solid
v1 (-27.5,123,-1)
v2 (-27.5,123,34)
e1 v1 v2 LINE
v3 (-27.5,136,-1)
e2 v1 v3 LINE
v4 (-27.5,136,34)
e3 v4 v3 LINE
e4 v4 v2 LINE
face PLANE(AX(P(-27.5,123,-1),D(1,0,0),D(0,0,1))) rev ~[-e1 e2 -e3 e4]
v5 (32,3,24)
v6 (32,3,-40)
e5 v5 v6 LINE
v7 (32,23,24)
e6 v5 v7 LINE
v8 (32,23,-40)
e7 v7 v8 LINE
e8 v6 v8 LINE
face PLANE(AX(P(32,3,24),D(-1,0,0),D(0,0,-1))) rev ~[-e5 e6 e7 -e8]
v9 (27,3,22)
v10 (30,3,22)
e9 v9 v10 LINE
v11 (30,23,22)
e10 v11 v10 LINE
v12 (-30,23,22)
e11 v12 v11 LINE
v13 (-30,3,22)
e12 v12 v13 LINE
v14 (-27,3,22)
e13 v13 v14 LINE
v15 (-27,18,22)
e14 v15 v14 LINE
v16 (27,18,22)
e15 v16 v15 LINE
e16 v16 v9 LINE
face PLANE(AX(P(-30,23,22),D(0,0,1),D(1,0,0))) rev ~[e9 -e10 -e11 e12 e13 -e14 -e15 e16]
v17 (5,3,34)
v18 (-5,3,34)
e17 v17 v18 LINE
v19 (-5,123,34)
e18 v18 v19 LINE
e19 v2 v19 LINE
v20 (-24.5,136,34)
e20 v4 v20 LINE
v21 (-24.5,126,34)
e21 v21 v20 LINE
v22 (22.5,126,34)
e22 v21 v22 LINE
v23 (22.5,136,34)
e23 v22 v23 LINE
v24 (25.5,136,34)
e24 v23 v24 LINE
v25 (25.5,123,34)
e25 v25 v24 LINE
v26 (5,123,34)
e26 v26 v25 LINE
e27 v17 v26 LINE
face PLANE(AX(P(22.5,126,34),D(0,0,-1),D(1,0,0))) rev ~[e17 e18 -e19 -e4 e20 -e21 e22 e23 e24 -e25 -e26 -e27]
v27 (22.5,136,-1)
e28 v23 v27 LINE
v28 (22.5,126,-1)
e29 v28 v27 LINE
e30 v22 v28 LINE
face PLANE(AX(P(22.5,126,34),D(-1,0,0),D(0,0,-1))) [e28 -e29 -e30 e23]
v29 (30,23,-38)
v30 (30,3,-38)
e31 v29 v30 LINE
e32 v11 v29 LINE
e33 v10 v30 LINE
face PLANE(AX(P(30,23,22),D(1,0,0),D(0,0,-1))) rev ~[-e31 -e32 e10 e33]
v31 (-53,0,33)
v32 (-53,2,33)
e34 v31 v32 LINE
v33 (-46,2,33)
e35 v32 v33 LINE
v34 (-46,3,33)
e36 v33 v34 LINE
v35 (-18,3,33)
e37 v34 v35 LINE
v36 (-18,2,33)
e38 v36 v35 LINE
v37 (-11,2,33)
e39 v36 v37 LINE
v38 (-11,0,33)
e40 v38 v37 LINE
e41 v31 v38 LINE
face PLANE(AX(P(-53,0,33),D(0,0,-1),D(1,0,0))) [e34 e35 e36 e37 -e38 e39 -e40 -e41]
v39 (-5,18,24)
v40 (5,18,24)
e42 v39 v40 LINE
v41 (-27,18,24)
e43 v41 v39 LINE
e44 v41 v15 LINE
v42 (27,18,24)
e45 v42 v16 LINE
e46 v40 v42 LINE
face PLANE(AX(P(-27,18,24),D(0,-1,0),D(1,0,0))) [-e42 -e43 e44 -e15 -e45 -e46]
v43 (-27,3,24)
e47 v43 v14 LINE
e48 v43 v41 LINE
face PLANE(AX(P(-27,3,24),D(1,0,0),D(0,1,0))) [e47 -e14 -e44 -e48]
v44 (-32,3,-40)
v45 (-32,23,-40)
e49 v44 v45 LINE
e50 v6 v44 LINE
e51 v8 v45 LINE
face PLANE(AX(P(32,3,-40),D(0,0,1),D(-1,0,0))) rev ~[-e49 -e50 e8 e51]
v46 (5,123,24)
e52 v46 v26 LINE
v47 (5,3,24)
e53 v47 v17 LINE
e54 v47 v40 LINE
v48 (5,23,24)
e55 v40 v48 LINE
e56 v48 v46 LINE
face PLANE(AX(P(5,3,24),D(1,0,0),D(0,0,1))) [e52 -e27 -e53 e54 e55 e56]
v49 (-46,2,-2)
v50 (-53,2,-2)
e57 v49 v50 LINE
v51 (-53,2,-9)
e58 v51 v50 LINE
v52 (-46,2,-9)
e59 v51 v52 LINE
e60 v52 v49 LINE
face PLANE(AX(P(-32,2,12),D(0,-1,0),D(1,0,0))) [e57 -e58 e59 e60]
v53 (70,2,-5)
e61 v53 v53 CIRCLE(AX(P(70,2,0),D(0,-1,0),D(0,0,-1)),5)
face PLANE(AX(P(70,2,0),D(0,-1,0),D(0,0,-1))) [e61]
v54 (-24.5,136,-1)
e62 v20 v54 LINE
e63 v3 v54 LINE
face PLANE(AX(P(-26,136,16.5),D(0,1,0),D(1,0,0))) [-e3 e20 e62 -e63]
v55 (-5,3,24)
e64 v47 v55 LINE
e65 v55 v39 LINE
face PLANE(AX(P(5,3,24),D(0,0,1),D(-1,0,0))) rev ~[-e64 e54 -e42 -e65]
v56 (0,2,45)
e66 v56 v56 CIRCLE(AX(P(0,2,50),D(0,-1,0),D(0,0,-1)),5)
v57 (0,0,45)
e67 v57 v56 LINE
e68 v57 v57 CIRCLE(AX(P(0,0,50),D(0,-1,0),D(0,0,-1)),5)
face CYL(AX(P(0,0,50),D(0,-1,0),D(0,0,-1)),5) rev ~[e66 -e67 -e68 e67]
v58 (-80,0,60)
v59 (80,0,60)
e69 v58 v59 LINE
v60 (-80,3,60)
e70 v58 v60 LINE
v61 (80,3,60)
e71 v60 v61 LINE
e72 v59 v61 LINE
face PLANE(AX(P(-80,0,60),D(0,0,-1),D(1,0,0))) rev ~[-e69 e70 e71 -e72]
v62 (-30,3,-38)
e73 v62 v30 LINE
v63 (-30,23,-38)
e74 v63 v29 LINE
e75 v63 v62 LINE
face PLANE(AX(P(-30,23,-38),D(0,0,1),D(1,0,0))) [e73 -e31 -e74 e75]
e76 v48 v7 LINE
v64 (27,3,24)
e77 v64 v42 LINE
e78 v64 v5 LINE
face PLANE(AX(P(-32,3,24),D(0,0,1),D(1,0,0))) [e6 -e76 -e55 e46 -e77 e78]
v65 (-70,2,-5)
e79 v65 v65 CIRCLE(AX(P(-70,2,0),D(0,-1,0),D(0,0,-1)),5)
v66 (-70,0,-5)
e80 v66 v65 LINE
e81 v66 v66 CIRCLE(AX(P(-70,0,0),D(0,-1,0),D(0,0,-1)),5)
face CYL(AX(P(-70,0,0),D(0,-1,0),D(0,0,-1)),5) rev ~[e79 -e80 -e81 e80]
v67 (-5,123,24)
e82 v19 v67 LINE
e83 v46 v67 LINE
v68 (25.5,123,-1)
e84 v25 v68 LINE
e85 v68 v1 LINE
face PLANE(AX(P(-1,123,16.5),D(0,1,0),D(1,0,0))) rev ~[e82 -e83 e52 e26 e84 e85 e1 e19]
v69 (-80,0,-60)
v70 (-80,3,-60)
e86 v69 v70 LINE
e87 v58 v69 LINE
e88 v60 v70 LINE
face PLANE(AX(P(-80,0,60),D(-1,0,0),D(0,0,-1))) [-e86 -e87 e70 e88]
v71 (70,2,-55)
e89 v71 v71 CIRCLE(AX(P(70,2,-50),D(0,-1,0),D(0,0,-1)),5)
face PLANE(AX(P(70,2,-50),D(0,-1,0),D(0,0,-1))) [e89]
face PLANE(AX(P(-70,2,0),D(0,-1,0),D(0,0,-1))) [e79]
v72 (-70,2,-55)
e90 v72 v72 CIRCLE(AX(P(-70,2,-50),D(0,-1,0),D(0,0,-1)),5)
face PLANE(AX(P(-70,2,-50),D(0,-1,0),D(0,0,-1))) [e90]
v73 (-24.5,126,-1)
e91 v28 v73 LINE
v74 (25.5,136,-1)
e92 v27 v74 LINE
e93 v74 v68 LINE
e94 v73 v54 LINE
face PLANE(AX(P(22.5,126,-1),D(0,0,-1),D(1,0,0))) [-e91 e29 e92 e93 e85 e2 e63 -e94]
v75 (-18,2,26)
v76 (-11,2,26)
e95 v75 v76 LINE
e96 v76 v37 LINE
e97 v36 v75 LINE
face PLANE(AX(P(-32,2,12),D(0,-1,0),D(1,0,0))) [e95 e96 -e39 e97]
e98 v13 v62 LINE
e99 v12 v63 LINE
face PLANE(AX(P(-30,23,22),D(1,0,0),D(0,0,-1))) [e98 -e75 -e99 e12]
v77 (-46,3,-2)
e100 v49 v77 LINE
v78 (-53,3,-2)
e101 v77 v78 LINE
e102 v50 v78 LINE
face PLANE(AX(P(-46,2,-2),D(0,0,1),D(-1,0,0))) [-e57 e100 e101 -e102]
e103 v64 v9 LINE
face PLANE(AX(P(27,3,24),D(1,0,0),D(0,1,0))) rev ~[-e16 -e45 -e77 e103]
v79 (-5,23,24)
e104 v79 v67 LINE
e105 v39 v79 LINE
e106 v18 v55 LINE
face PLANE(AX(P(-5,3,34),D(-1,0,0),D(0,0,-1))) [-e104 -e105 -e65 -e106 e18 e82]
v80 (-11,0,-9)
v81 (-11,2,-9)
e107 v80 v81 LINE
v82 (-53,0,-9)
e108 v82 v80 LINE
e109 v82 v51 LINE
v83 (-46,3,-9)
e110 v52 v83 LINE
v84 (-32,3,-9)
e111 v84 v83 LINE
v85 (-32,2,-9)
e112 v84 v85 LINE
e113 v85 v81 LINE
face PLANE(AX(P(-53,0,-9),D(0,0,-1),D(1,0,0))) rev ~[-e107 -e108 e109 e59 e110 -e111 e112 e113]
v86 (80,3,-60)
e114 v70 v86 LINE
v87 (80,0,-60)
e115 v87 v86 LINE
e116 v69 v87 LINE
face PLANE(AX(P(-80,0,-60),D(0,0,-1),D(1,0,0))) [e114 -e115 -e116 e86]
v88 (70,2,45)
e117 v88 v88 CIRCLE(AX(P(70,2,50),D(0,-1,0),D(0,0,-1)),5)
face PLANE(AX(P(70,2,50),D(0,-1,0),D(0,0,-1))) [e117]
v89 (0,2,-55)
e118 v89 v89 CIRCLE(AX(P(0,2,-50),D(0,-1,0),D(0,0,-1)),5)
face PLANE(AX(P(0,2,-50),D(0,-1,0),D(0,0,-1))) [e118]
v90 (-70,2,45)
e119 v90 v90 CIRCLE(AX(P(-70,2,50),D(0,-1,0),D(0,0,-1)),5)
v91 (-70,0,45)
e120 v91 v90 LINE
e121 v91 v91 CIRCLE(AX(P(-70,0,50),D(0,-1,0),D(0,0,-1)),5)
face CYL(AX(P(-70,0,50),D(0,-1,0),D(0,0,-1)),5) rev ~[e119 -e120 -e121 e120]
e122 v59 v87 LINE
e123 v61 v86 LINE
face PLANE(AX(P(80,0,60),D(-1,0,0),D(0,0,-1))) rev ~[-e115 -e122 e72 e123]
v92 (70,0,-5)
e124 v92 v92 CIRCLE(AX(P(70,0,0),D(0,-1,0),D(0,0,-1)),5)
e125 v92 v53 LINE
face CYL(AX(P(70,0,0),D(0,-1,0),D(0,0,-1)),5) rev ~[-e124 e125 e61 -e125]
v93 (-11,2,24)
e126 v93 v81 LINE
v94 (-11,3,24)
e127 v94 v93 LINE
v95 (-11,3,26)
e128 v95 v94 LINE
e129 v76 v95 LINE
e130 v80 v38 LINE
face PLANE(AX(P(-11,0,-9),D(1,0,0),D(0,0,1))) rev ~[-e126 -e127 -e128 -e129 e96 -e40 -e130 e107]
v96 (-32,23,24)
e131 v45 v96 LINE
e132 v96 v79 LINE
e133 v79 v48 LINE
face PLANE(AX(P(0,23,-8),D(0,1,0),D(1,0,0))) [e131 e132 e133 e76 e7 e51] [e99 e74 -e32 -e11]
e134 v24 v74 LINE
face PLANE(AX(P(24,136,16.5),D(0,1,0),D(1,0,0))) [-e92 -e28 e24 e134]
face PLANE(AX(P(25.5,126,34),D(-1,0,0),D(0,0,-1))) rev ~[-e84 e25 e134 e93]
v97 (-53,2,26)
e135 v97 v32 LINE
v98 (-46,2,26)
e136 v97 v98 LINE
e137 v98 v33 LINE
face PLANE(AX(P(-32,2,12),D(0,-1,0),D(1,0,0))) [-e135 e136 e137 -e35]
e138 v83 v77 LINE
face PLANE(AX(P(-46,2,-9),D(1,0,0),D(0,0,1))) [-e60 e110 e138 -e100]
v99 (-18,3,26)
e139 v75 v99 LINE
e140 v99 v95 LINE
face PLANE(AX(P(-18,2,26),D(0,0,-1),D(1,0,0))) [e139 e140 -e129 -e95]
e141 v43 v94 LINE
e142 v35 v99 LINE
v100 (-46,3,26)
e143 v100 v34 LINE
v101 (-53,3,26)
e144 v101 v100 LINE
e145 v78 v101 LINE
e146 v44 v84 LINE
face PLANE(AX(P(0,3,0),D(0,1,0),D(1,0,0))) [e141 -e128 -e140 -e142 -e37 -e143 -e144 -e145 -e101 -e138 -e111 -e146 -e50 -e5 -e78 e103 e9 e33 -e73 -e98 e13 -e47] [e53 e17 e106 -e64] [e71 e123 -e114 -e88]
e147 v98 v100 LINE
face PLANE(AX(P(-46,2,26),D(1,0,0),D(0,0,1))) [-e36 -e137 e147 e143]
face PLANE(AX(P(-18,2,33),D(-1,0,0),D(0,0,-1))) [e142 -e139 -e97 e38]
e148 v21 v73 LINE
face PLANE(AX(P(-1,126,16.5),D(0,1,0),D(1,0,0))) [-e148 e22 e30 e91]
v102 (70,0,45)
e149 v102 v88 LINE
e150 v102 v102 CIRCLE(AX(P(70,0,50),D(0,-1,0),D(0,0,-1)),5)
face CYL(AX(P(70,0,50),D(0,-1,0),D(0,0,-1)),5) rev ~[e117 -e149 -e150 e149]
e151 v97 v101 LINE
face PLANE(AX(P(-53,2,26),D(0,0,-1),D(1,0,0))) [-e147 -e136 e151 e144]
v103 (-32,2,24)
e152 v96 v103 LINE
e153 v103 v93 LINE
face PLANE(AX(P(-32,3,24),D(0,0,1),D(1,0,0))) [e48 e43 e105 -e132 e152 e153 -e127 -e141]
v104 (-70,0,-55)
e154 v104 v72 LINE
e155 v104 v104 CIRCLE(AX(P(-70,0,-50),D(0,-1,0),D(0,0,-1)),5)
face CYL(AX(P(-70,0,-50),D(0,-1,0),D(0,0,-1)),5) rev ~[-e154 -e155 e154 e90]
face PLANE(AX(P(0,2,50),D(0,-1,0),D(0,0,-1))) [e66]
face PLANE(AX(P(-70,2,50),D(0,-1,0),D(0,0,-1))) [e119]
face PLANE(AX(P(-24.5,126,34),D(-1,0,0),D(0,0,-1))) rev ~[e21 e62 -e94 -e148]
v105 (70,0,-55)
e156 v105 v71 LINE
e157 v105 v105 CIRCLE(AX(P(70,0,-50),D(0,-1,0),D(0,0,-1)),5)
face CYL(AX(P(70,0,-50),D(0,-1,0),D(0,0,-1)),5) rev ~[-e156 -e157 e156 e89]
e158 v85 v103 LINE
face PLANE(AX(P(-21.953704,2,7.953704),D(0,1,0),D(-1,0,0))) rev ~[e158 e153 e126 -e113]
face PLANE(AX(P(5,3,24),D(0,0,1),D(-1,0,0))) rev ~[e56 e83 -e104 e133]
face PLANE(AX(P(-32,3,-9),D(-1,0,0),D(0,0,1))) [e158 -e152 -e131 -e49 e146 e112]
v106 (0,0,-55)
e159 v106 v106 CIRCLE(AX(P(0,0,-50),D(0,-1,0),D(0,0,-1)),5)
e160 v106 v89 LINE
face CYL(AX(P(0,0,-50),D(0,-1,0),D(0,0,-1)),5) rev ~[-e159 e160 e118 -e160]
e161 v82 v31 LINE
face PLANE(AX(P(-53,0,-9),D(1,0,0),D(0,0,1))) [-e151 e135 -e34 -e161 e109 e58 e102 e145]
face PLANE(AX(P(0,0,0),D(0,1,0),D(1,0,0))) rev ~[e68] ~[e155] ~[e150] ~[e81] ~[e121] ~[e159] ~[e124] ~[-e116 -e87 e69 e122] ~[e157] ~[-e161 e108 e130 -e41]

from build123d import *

# Parameters (mm, degrees)
SKETCH1_W           = 160
SKETCH1_H           = 120
BOSS_EXTRUDE1_DEPTH = 3
SKETCH2_R           = 5
CUT_EXTRUDE1_DEPTH  = 2
SKETCH3_W           = 42
SKETCH3_H           = 42
CUT_EXTRUDE2_DEPTH  = 2
CUT_EXTRUDE3_DEPTH  = 1
BOSS_EXTRUDE2_DEPTH = 20
BOSS_EXTRUDE3_DEPTH = 1
SKETCH7_W           = 60
SKETCH7_H           = 60
CUT_EXTRUDE4_DEPTH  = 20
CUT_EXTRUDE5_REACH  = 120.258
SKETCH8_W           = 54
SKETCH8_H           = 15
BOSS_EXTRUDE4_DEPTH = 120
BOSS_EXTRUDE5_DEPTH = 3
SKETCH11_W          = 3
SKETCH11_H          = 35
BOSS_EXTRUDE6_DEPTH = 10


with BuildPart() as part:
    # Sketch1 → Boss-Extrude1 (new body)
    with BuildSketch(Plane(origin=(0, 0, 0), x_dir=(1, 0, 0), z_dir=(0, 1, 0))):
        Rectangle(SKETCH1_W, SKETCH1_H)
    extrude(amount=BOSS_EXTRUDE1_DEPTH)

    # Sketch2 → Cut-Extrude1 (cut)
    with BuildSketch(Plane.XZ):
        with Locations(Location((-70, 50, 0), (0, 0, 270))):
            Circle(SKETCH2_R)
        with Locations(Location((0, 50, 0), (0, 0, 270))):
            Circle(SKETCH2_R)
        with Locations(Location((70, 50, 0), (0, 0, 270))):
            Circle(SKETCH2_R)
        with Locations(Location((-70, 0, 0), (0, 0, 270))):
            Circle(SKETCH2_R)
        with Locations(Location((70, 0, 0), (0, 0, 270))):
            Circle(SKETCH2_R)
        with Locations(Location((-70, -50, 0), (0, 0, 270))):
            Circle(SKETCH2_R)
        with Locations(Location((0, -50, 0), (0, 0, 270))):
            Circle(SKETCH2_R)
        with Locations(Location((70, -50, 0), (0, 0, 270))):
            Circle(SKETCH2_R)
    extrude(amount=-CUT_EXTRUDE1_DEPTH, mode=Mode.SUBTRACT)

    # Sketch3 → Cut-Extrude2 (cut)
    with BuildSketch(Plane.XZ):
        with Locations((-32, 12)):
            Rectangle(SKETCH3_W, SKETCH3_H)
    extrude(amount=-CUT_EXTRUDE2_DEPTH, mode=Mode.SUBTRACT)

    # Sketch4 → Cut-Extrude3 (cut)
    with BuildSketch(Plane.XZ.offset(-2)):
        Polygon((-46, 33), (-18, 33), (-18, 26), (-11, 26), (-11, -2), (-18, -2), (-18, -9), (-46, -9), (-46, -2), (-53, -2), (-53, 26), (-46, 26), align=None)
    extrude(amount=-CUT_EXTRUDE3_DEPTH, mode=Mode.SUBTRACT)

    # Sketch5 → Boss-Extrude2 (add)
    with BuildSketch(Plane(origin=(0, 3, 0), x_dir=(1, 0, 0), z_dir=(0, 1, 0))):
        Polygon((0, 40), (-32, 40), (-32, -24), (32, -24), (32, 40), align=None)
    extrude(amount=BOSS_EXTRUDE2_DEPTH)

    # Sketch6 → Boss-Extrude3 (add)
    with BuildSketch(Plane.XZ.offset(-3)):
        Polygon((-32, 24), (-11, 24), (-11, -2), (-18, -2), (-18, -9), (-32, -9), align=None)
    extrude(amount=BOSS_EXTRUDE3_DEPTH)

    # Sketch7 → Cut-Extrude4 (cut)
    with BuildSketch(Plane(origin=(0, 23, 0), x_dir=(1, 0, 0), z_dir=(0, 1, 0))):
        with Locations((0, 8)):
            Rectangle(SKETCH7_W, SKETCH7_H)
    extrude(amount=-CUT_EXTRUDE4_DEPTH, mode=Mode.SUBTRACT)

    # Sketch8 → Cut-Extrude5 (cut, up to next)
    with BuildSketch(Plane.XY.offset(24), mode=Mode.PRIVATE) as cut_extrude5_sk1:
        with Locations((0, 10.5)):
            Rectangle(SKETCH8_W, SKETCH8_H)
    cut_extrude5_tool1 = extrude(cut_extrude5_sk1.sketch, amount=-CUT_EXTRUDE5_REACH, mode=Mode.PRIVATE) & part.part
    add(cut_extrude5_tool1.solids().sort_by_distance((0, 10.5, 24))[0], mode=Mode.SUBTRACT)

    # Sketch9 → Boss-Extrude4 (add)
    with BuildSketch(Plane(origin=(0, 3, 0), x_dir=(1, 0, 0), z_dir=(0, 1, 0))):
        Polygon((0, -24), (5, -24), (5, -34), (-5, -34), (-5, -24), align=None)
    extrude(amount=BOSS_EXTRUDE4_DEPTH)

    # Sketch10 → Boss-Extrude5 (add)
    with BuildSketch(Plane(origin=(0, 123, 0), x_dir=(1, 0, 0), z_dir=(0, 1, 0))):
        Polygon((0, -34), (25.5, -34), (25.5, 1), (-27.5, 1), (-27.5, -34), align=None)
    extrude(amount=BOSS_EXTRUDE5_DEPTH)

    # Sketch11 → Boss-Extrude6 (add)
    with BuildSketch(Plane(origin=(0, 126, 0), x_dir=(1, 0, 0), z_dir=(0, 1, 0))):
        with Locations((24, -16.5)):
            Rectangle(SKETCH11_W, SKETCH11_H)
        with Locations((-26, -16.5)):
            Rectangle(SKETCH11_W, SKETCH11_H)
    extrude(amount=BOSS_EXTRUDE6_DEPTH)


solid = part.part
